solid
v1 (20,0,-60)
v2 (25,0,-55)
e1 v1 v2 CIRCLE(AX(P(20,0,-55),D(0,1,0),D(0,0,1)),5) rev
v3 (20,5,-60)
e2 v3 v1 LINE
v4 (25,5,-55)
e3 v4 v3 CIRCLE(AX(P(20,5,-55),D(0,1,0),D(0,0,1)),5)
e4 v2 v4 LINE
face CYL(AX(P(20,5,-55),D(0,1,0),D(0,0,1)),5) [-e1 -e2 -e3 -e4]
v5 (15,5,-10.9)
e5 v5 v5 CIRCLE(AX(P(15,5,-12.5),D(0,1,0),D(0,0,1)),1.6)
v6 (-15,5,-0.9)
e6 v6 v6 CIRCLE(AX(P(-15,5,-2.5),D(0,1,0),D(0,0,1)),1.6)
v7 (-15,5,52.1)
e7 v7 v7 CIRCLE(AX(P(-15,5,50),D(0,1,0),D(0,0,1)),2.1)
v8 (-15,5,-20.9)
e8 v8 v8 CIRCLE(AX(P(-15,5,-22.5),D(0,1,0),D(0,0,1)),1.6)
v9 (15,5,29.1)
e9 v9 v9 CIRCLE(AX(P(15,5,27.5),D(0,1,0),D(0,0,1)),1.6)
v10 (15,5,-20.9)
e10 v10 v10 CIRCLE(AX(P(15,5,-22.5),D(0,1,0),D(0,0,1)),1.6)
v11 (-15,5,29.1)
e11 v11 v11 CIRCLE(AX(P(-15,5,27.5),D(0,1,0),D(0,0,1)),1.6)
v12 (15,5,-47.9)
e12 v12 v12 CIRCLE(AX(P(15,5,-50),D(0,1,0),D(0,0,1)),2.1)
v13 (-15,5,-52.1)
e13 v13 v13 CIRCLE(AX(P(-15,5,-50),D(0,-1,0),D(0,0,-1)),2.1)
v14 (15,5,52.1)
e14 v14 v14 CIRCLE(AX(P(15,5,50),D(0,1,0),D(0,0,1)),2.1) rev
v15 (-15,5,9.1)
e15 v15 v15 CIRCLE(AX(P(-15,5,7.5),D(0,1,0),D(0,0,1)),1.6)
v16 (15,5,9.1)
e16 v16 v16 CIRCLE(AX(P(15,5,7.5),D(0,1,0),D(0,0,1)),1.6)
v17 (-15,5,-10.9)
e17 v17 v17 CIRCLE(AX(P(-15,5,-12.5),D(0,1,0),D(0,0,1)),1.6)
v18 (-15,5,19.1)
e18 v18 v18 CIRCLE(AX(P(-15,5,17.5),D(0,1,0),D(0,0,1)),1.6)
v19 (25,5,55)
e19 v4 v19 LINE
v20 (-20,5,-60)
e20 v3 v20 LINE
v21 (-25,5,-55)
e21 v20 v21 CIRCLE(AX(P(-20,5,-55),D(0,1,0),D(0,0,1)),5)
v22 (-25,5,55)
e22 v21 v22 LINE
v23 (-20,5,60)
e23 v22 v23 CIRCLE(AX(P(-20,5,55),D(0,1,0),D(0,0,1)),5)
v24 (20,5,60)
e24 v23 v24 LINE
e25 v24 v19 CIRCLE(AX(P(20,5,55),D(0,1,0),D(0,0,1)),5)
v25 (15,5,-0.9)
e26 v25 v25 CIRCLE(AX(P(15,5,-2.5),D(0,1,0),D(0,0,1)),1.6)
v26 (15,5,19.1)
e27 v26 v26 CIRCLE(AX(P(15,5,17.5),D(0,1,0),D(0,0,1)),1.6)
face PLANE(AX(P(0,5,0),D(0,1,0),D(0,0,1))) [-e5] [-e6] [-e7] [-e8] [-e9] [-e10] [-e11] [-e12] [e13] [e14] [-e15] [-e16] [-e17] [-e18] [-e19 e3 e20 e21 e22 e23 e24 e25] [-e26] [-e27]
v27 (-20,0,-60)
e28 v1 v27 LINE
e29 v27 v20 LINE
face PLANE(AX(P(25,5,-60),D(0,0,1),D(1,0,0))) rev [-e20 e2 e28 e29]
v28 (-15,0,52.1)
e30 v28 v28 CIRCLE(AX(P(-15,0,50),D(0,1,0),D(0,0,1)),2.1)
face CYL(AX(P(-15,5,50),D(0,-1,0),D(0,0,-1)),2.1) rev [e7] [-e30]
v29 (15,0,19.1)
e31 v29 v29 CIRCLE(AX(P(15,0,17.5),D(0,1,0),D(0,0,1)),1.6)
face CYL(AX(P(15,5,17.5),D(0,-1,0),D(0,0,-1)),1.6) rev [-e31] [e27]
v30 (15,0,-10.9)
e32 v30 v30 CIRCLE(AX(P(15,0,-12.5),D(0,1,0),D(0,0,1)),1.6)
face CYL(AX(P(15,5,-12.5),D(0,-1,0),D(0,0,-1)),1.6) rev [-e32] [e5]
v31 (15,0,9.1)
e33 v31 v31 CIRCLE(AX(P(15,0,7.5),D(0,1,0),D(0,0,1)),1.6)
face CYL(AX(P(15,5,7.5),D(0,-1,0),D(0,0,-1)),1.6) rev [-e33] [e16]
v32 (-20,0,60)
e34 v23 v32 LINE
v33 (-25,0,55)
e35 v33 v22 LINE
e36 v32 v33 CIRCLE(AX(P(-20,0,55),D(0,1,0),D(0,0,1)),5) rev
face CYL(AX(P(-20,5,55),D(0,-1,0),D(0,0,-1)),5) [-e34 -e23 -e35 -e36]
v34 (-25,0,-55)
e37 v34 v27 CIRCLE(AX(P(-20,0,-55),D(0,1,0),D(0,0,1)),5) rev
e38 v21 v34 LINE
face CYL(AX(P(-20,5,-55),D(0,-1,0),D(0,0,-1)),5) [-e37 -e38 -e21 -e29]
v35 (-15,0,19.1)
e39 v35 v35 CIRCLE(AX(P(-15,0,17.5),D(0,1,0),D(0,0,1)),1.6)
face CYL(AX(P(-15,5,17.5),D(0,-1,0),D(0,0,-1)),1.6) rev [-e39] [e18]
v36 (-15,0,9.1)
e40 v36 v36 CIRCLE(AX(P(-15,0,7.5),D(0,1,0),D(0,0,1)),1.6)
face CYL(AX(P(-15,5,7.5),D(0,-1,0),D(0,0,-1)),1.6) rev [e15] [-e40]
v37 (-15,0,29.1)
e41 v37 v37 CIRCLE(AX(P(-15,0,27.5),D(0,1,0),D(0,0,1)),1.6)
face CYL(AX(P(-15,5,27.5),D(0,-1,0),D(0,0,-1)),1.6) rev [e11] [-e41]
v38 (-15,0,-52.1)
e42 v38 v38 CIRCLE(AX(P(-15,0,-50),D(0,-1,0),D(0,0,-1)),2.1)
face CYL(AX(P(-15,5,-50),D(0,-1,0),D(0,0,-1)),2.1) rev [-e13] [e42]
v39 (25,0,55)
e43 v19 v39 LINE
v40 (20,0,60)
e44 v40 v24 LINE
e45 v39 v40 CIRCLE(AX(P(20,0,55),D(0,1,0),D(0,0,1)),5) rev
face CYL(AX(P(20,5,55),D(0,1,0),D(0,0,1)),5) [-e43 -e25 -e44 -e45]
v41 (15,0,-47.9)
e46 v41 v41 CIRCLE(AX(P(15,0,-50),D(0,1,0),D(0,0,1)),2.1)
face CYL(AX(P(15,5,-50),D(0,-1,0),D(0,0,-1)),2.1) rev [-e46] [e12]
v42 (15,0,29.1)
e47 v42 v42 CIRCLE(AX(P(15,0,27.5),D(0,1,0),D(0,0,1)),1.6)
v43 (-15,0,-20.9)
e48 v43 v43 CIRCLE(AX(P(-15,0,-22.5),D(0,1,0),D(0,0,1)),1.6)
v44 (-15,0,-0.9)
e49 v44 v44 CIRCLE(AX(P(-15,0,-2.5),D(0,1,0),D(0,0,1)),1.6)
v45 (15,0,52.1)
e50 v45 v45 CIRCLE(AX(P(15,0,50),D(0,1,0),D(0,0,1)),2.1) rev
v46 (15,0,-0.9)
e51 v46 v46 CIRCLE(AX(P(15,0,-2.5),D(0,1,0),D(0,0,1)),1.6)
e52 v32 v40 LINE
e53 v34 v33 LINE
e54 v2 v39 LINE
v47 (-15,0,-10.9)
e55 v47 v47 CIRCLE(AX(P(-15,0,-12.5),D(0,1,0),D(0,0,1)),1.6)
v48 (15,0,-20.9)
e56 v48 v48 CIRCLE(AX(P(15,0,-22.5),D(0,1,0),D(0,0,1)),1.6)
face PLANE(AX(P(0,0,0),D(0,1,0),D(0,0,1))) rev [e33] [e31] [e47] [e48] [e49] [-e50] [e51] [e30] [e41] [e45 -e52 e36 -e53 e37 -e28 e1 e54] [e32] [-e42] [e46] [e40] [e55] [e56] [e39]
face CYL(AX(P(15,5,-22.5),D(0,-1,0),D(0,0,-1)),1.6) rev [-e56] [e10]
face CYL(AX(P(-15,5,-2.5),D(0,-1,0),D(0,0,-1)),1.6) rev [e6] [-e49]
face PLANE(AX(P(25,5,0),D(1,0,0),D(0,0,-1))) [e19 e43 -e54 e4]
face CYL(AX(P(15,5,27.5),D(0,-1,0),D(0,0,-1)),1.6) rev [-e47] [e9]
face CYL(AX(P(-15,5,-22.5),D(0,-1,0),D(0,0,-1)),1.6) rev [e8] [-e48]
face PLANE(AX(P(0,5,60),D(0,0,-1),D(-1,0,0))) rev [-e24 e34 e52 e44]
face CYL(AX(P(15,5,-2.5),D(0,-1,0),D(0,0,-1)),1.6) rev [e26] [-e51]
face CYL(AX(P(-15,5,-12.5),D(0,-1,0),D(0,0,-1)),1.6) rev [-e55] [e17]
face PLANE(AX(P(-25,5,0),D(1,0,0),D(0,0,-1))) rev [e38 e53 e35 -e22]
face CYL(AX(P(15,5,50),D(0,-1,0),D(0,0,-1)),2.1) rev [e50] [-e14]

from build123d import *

# Parameters (mm, degrees)
SKETCH1_W           = 50
SKETCH1_H           = 120
SKETCH1_R           = 2.1
SKETCH1_R_2         = 1.6
BOSS_EXTRUDE1_DEPTH = 5
FILLET2_R           = 5


with BuildPart() as part:
    # Sketch1 → Boss-Extrude1 (new body)
    with BuildSketch(Plane(origin=(0, 0, 0), x_dir=(1, 0, 0), z_dir=(0, 1, 0))):
        Rectangle(SKETCH1_W, SKETCH1_H)
        with Locations((-15, 50)):
            Circle(SKETCH1_R, mode=Mode.SUBTRACT)
        with Locations((15, 50)):
            Circle(SKETCH1_R, mode=Mode.SUBTRACT)
        with Locations((15, 22.5)):
            Circle(SKETCH1_R_2, mode=Mode.SUBTRACT)
        with Locations((-15, -27.5)):
            Circle(SKETCH1_R_2, mode=Mode.SUBTRACT)
        with Locations((-15, -17.5)):
            Circle(SKETCH1_R_2, mode=Mode.SUBTRACT)
        with Locations((-15, -7.5)):
            Circle(SKETCH1_R_2, mode=Mode.SUBTRACT)
        with Locations((15, -27.5)):
            Circle(SKETCH1_R_2, mode=Mode.SUBTRACT)
        with Locations((15, -17.5)):
            Circle(SKETCH1_R_2, mode=Mode.SUBTRACT)
        with Locations((15, -7.5)):
            Circle(SKETCH1_R_2, mode=Mode.SUBTRACT)
        with Locations((-15, 2.5)):
            Circle(SKETCH1_R_2, mode=Mode.SUBTRACT)
        with Locations((-15, 12.5)):
            Circle(SKETCH1_R_2, mode=Mode.SUBTRACT)
        with Locations((-15, 22.5)):
            Circle(SKETCH1_R_2, mode=Mode.SUBTRACT)
        with Locations((15, 2.5)):
            Circle(SKETCH1_R_2, mode=Mode.SUBTRACT)
        with Locations((15, 12.5)):
            Circle(SKETCH1_R_2, mode=Mode.SUBTRACT)
        with Locations((15, -50)):
            Circle(SKETCH1_R, mode=Mode.SUBTRACT)
        with Locations((-15, -50)):
            Circle(SKETCH1_R, mode=Mode.SUBTRACT)
    extrude(amount=BOSS_EXTRUDE1_DEPTH)

    # Fillet2
    fillet2_edges = [part.edges().sort_by_distance(p)[0] for p in [
        (25, 2.5, 60),
        (-25, 2.5, 60),
        (-25, 2.5, -60),
        (25, 2.5, -60),
    ]]
    fillet(fillet2_edges, radius=FILLET2_R)


solid = part.part
